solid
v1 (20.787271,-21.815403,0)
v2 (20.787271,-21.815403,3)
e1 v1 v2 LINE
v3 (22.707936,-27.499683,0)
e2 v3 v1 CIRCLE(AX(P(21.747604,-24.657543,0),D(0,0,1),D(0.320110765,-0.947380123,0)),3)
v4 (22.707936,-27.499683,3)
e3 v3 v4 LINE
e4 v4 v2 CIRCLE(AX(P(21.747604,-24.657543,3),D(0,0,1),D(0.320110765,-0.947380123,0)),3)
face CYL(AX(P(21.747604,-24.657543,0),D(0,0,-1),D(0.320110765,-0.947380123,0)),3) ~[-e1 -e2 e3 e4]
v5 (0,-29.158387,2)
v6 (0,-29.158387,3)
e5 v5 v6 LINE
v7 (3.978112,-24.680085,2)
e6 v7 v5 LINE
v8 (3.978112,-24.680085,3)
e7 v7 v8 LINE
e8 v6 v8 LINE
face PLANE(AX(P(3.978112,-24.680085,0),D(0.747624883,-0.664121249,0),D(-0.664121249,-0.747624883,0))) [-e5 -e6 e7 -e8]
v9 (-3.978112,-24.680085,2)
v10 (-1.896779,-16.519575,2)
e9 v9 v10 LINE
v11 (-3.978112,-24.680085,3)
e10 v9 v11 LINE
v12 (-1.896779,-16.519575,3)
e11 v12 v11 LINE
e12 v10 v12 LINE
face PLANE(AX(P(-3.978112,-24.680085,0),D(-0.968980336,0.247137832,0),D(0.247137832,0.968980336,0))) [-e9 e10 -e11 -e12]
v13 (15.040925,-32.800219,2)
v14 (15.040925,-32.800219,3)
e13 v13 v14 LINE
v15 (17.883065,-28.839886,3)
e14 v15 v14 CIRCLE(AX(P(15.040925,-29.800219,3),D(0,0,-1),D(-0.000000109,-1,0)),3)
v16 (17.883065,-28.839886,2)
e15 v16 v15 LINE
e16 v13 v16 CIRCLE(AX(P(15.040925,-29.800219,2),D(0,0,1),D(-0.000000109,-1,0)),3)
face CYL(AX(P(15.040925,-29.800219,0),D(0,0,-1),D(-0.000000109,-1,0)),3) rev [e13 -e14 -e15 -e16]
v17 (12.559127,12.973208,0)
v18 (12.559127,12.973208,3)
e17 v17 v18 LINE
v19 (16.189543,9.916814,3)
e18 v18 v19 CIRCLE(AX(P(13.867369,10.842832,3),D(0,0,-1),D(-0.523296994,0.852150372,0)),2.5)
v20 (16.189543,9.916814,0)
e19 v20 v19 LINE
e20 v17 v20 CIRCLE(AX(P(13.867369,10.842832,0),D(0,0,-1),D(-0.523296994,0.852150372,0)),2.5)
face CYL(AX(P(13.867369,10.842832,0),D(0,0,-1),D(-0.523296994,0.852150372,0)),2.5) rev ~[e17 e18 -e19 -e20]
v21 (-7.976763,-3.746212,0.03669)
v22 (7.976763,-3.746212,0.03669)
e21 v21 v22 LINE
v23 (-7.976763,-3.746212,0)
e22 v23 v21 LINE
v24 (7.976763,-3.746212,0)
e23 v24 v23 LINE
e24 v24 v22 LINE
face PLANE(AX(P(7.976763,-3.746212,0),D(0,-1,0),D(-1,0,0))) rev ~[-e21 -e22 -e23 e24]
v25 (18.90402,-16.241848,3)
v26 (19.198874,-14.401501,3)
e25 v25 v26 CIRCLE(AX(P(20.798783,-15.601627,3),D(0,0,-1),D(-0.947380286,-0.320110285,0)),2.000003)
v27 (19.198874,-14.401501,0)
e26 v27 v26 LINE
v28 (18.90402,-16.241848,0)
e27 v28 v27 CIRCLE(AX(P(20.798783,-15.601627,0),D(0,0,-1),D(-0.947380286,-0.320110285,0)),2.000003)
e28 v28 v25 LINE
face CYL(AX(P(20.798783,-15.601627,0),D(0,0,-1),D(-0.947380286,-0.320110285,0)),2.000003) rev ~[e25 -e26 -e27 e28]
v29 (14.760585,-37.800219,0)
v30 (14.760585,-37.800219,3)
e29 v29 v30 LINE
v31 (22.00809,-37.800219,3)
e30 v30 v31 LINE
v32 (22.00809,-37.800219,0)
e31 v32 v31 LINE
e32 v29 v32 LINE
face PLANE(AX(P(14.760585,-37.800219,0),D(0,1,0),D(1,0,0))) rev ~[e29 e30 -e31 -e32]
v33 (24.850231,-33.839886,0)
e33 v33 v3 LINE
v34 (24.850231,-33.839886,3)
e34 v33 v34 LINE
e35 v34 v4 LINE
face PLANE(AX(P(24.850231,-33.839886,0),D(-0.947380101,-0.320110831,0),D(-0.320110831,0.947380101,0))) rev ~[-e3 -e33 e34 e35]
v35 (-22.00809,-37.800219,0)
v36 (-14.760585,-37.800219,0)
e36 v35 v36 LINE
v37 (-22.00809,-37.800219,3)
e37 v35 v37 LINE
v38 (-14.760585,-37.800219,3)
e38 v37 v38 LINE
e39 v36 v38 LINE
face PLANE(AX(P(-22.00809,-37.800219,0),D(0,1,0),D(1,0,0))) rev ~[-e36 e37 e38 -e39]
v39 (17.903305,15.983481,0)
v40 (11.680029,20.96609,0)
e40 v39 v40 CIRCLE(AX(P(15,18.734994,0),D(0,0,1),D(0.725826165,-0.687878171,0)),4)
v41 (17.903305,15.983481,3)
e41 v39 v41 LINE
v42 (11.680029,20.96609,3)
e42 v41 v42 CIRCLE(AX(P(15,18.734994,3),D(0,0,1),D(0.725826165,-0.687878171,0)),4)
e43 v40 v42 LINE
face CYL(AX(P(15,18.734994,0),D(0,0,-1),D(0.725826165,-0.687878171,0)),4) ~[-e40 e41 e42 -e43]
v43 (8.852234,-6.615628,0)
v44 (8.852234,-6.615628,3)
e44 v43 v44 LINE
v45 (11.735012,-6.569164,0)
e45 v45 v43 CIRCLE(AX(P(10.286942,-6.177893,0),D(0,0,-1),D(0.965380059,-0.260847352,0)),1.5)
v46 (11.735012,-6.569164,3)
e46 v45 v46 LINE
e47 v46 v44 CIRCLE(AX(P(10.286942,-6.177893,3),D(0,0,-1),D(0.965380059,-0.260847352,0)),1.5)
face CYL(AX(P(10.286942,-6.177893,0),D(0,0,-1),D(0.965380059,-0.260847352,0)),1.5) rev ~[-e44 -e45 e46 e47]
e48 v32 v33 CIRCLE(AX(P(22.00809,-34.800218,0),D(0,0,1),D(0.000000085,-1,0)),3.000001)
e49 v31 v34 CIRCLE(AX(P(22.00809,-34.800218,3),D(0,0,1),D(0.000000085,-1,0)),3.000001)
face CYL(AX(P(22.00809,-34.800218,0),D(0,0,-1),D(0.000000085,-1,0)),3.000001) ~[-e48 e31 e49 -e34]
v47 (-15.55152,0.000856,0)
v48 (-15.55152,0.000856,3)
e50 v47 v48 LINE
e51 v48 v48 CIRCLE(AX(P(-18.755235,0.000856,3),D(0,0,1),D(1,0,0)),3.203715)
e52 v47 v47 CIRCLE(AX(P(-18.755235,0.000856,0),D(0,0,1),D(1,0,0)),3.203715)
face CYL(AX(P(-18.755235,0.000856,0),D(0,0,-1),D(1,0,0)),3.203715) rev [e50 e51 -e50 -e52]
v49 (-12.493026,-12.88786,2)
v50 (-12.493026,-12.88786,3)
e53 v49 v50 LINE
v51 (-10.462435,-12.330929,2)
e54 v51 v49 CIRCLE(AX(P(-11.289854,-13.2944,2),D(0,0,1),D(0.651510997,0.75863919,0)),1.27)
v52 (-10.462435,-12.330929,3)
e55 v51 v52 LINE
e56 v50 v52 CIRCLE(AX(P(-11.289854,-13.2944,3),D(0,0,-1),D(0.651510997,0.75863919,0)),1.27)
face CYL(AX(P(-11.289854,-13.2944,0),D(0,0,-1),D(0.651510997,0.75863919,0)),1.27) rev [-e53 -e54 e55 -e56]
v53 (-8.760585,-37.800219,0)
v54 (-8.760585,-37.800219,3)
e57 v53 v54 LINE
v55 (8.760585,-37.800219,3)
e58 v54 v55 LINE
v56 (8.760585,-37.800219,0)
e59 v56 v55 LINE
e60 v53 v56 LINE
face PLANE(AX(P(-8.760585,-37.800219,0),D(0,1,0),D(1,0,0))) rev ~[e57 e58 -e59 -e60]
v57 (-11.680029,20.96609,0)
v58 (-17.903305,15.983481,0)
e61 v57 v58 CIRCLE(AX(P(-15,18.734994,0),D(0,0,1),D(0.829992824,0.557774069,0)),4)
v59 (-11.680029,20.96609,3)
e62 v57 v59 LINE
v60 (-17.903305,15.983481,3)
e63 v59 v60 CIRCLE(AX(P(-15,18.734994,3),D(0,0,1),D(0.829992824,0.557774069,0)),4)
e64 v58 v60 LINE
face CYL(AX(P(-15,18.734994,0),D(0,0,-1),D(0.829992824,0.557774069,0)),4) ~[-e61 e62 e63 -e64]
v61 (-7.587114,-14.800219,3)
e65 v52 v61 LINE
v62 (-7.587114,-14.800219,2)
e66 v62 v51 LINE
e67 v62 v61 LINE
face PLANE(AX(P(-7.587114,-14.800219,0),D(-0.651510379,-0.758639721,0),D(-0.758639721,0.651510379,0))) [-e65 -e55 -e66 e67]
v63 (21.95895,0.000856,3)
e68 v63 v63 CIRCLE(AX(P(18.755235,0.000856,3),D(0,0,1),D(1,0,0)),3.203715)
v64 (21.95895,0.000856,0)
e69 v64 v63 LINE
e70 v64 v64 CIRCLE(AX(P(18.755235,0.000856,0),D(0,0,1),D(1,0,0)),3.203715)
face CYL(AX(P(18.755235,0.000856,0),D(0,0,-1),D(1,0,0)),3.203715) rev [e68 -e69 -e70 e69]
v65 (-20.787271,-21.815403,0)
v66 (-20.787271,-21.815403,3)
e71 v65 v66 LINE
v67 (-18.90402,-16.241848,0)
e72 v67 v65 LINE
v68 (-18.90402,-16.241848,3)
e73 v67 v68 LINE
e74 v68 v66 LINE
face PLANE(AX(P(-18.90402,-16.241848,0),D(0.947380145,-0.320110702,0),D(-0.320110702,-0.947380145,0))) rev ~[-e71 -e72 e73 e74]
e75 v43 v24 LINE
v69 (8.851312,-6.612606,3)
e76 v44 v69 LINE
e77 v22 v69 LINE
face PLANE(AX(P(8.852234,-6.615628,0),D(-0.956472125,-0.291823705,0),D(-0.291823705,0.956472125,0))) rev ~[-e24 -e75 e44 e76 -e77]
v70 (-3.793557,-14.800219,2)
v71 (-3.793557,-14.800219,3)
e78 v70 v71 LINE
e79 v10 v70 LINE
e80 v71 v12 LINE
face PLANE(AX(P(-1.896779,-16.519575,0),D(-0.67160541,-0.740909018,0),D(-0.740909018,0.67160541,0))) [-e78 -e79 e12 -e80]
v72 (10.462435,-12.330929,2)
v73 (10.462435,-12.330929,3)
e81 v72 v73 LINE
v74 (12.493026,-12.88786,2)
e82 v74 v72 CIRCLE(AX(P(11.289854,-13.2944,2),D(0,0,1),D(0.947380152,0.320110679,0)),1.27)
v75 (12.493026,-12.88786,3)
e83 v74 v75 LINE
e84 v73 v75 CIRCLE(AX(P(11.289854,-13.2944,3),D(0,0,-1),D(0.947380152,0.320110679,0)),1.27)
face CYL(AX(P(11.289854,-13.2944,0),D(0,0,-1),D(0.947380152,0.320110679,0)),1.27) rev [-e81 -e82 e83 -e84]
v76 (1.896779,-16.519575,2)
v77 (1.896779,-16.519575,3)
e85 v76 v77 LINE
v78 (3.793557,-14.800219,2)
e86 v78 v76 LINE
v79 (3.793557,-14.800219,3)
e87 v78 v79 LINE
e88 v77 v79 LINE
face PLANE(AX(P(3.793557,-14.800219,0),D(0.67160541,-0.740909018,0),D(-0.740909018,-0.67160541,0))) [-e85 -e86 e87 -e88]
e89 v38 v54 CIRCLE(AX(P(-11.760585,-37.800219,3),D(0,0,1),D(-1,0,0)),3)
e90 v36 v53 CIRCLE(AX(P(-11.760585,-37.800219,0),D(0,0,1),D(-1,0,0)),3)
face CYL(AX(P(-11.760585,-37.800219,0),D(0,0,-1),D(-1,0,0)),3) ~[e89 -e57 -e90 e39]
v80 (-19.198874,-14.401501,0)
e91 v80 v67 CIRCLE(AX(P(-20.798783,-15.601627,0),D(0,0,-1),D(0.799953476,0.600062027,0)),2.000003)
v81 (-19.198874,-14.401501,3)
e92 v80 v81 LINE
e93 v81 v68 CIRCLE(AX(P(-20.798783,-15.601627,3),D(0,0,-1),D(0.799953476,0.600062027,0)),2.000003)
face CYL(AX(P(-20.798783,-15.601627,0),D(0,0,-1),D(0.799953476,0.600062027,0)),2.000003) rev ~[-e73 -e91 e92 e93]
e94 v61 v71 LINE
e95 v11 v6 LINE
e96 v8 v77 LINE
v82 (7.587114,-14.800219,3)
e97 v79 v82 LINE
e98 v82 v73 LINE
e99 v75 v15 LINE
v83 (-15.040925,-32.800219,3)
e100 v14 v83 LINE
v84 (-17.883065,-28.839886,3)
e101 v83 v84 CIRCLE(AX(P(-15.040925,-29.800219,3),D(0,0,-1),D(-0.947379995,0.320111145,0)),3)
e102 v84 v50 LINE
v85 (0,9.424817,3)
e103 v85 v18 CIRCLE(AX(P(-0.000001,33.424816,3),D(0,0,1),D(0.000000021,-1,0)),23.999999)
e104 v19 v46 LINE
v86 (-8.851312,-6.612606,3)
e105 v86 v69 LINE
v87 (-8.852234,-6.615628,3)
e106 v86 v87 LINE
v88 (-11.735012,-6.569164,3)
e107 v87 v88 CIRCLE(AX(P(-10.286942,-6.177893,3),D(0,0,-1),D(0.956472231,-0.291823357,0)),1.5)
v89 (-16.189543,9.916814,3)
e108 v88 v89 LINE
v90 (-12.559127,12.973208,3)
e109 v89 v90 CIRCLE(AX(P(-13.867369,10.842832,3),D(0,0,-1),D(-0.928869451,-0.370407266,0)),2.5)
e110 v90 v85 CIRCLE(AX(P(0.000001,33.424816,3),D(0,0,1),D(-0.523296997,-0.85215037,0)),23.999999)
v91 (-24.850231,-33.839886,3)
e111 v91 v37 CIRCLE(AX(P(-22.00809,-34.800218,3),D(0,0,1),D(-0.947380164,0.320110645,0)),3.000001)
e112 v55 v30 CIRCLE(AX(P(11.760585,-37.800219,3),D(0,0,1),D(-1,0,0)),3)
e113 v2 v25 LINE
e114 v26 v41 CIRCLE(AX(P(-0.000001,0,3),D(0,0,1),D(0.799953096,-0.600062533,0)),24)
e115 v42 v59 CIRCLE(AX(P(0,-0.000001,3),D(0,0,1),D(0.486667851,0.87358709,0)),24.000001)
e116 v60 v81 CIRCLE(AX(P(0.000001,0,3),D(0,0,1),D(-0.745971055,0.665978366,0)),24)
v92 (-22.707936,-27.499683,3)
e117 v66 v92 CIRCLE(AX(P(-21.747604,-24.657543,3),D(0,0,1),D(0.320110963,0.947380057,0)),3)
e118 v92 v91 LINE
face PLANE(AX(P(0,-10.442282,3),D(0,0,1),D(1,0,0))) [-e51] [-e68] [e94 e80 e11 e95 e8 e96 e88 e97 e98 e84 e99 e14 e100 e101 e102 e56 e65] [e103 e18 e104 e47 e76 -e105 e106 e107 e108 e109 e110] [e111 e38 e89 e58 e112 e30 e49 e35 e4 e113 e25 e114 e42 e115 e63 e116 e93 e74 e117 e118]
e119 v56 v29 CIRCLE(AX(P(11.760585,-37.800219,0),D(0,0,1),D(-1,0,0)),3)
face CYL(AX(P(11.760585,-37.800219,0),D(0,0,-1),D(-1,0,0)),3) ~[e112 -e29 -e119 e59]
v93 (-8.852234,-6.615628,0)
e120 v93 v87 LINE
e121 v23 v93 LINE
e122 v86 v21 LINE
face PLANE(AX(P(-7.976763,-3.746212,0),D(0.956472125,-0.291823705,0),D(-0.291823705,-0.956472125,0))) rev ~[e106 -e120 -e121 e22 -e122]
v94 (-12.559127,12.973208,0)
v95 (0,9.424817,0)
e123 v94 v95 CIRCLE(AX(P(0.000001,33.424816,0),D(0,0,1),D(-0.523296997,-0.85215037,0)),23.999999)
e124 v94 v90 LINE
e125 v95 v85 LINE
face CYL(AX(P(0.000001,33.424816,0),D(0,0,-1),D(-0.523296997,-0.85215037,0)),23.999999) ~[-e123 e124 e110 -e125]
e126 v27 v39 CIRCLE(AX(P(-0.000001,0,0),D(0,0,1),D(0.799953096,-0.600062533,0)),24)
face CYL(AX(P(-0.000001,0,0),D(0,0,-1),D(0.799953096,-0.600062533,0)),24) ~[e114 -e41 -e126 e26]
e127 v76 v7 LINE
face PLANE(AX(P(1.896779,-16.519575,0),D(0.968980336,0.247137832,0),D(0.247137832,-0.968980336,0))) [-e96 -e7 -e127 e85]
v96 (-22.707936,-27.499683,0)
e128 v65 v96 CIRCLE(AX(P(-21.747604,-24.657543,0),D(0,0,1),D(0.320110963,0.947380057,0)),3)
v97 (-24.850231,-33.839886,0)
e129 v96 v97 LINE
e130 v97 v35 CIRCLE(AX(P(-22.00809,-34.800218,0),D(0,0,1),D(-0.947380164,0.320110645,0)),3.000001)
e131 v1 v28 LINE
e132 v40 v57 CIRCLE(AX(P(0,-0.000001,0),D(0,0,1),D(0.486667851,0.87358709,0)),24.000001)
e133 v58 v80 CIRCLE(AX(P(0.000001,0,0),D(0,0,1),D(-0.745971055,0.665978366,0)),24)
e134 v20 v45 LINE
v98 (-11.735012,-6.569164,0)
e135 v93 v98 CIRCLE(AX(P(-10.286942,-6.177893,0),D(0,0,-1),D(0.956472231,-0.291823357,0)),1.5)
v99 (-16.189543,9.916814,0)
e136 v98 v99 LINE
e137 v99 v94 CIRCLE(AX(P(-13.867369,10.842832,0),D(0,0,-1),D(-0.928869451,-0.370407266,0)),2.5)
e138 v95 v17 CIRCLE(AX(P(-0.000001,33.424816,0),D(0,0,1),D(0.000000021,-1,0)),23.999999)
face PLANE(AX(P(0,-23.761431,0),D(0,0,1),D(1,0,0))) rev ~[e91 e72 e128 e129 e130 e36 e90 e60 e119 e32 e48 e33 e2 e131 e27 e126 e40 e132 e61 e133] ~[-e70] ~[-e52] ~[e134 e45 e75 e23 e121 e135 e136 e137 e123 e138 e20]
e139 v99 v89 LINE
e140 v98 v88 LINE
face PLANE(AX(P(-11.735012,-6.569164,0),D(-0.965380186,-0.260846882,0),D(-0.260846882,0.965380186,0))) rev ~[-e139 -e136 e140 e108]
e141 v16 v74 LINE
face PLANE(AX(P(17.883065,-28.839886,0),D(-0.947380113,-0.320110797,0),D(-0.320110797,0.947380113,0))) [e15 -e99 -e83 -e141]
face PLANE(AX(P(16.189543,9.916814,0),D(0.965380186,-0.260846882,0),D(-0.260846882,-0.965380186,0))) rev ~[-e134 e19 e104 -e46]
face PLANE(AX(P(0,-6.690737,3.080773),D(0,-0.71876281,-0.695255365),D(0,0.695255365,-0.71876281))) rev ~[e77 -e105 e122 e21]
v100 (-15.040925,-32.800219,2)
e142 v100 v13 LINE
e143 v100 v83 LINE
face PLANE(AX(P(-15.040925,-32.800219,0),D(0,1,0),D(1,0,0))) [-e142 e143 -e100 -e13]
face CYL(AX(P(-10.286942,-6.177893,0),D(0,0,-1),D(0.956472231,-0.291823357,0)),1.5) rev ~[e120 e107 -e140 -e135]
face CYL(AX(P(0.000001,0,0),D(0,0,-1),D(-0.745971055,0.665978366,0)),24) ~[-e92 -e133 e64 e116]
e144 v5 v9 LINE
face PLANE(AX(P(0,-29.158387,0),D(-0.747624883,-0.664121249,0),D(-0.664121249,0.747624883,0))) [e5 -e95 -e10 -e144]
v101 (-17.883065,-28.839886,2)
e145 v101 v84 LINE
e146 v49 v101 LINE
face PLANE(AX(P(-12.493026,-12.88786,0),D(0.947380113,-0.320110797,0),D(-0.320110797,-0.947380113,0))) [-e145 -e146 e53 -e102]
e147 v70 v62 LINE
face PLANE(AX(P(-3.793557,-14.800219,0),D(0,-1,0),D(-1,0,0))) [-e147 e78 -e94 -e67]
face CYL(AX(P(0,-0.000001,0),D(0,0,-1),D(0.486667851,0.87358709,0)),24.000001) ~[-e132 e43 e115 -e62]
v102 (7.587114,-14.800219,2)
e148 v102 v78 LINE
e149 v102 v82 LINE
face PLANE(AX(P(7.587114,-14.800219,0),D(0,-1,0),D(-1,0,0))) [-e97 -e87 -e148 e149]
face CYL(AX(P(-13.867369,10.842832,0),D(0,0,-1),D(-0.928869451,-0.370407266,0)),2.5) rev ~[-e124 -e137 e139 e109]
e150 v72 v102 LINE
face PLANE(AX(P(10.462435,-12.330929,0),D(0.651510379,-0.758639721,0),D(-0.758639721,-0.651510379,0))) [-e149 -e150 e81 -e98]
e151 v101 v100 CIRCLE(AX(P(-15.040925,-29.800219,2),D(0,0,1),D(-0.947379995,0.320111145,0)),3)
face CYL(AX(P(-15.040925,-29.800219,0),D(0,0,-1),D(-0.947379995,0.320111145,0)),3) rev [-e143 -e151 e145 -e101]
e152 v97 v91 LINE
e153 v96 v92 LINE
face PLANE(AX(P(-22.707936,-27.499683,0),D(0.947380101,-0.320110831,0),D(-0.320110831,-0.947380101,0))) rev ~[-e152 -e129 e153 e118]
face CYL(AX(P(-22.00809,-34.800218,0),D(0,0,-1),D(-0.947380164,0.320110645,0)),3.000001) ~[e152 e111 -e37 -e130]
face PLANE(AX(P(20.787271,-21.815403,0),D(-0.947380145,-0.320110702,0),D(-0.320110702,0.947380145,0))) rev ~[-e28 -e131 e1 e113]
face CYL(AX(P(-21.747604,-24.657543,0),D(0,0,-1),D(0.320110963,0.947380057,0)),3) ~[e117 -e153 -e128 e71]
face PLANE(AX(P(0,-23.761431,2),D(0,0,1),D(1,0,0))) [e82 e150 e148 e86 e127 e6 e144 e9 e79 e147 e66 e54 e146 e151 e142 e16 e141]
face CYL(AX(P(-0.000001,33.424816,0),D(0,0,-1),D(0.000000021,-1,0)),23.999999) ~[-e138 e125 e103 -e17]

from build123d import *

# Parameters (mm, degrees)
F0_R     = 3.203715
F1_DEPTH = 3
F2_DEPTH = 25.4
F3_DEPTH = 2
F5_DEPTH = 10


with BuildPart() as f1:
    # F0 (on Top) → F1 (new body)
    with BuildSketch(Plane.XY):
        with BuildLine():
            ThreePointArc((-11.680029, 20.96609), (-17.5, 21.857493), (-17.903305, 15.983481))
            ThreePointArc((-17.903305, 15.983481), (-23.978213, 1.022394), (-19.198874, -14.401501))
            ThreePointArc((-19.198874, -14.401501), (-18.823966, -15.285228), (-18.90402, -16.241848))
            Line((-18.90402, -16.241848), (-20.787271, -21.815403))
            ThreePointArc((-20.787271, -21.815403), (-24.589744, -23.697211), (-22.707936, -27.499683))
            Line((-22.707936, -27.499683), (-24.850231, -33.839886))
            ThreePointArc((-24.850231, -33.839886), (-24.445404, -36.549362), (-22.00809, -37.800219))
            Line((-22.00809, -37.800219), (-14.760585, -37.800219))
            ThreePointArc((-14.760585, -37.800219), (-11.760585, -40.800219), (-8.760585, -37.800219))
            Line((-8.760585, -37.800219), (8.760585, -37.800219))
            ThreePointArc((8.760585, -37.800219), (11.760585, -40.800219), (14.760585, -37.800219))
            Line((14.760585, -37.800219), (22.00809, -37.800219))
            ThreePointArc((22.00809, -37.800219), (24.445404, -36.549362), (24.850231, -33.839886))
            Line((24.850231, -33.839886), (22.707936, -27.499683))
            ThreePointArc((22.707936, -27.499683), (24.589744, -23.697211), (20.787271, -21.815403))
            Line((20.787271, -21.815403), (18.90402, -16.241848))
            ThreePointArc((18.90402, -16.241848), (18.823966, -15.285228), (19.198874, -14.401501))
            ThreePointArc((19.198874, -14.401501), (23.978213, 1.022394), (17.903305, 15.983481))
            ThreePointArc((17.903305, 15.983481), (17.5, 21.857493), (11.680029, 20.96609))
            ThreePointArc((11.680029, 20.96609), (0, 24), (-11.680029, 20.96609))
        make_face()
        with BuildLine():
            Line((0, -32.800219), (-15.040925, -32.800219))
            ThreePointArc((-15.040925, -32.800219), (-17.478239, -31.549362), (-17.883065, -28.839886))
            Line((-17.883065, -28.839886), (-12.493026, -12.88786))
            ThreePointArc((-12.493026, -12.88786), (-11.625772, -12.069632), (-10.462435, -12.330929))
            Line((-10.462435, -12.330929), (-7.587114, -14.800219))
            Line((-7.587114, -14.800219), (-3.793557, -14.800219))
            Line((-3.793557, -14.800219), (0, -14.800219))
            Line((0, -14.800219), (3.793557, -14.800219))
            Line((3.793557, -14.800219), (7.587114, -14.800219))
            Line((7.587114, -14.800219), (10.462435, -12.330929))
            ThreePointArc((10.462435, -12.330929), (11.625772, -12.069632), (12.493026, -12.88786))
            Line((12.493026, -12.88786), (17.883065, -28.839886))
            ThreePointArc((17.883065, -28.839886), (17.478239, -31.549362), (15.040925, -32.800219))
            Line((15.040925, -32.800219), (0, -32.800219))
        make_face(mode=Mode.SUBTRACT)
        with Locations((-18.755235, 0.000856)):
            Circle(F0_R, mode=Mode.SUBTRACT)
        with BuildLine():
            ThreePointArc((0, 9.424817), (6.525388, 10.328945), (12.559127, 12.973208))
            ThreePointArc((12.559127, 12.973208), (15.477463, 12.755317), (16.189543, 9.916814))
            Line((16.189543, 9.916814), (11.735012, -6.569164))
            ThreePointArc((11.735012, -6.569164), (10.311116, -7.677698), (8.852234, -6.615628))
            Line((8.852234, -6.615628), (-8.852234, -6.615628))
            ThreePointArc((-8.852234, -6.615628), (-10.311116, -7.677698), (-11.735012, -6.569164))
            Line((-11.735012, -6.569164), (-16.189543, 9.916814))
            ThreePointArc((-16.189543, 9.916814), (-15.477463, 12.755317), (-12.559127, 12.973208))
            ThreePointArc((-12.559127, 12.973208), (-6.525388, 10.328945), (0, 9.424817))
        make_face(mode=Mode.SUBTRACT)
        with Locations((18.755235, 0.000856)):
            Circle(F0_R, mode=Mode.SUBTRACT)
        with BuildLine():
            ThreePointArc((-17.883065, -28.839886), (-17.478239, -31.549362), (-15.040925, -32.800219))
            Line((-15.040925, -32.800219), (0, -32.800219))
            Line((0, -32.800219), (15.040925, -32.800219))
            ThreePointArc((15.040925, -32.800219), (17.478239, -31.549362), (17.883065, -28.839886))
            Line((17.883065, -28.839886), (12.493026, -12.88786))
            ThreePointArc((12.493026, -12.88786), (11.625772, -12.069632), (10.462435, -12.330929))
            Line((10.462435, -12.330929), (7.587114, -14.800219))
            Line((7.587114, -14.800219), (3.793557, -14.800219))
            Line((3.793557, -14.800219), (1.896779, -16.519575))
            Line((1.896779, -16.519575), (3.978112, -24.680085))
            Line((3.978112, -24.680085), (0, -29.158387))
            Line((0, -29.158387), (-3.978112, -24.680085))
            Line((-3.978112, -24.680085), (-1.896779, -16.519575))
            Line((-1.896779, -16.519575), (-3.793557, -14.800219))
            Line((-3.793557, -14.800219), (-7.587114, -14.800219))
            Line((-7.587114, -14.800219), (-10.462435, -12.330929))
            ThreePointArc((-10.462435, -12.330929), (-11.625772, -12.069632), (-12.493026, -12.88786))
            Line((-12.493026, -12.88786), (-17.883065, -28.839886))
        make_face()
        Polygon((0, -18.238932), (-1.896779, -16.519575), (-3.978112, -24.680085), (0, -29.158387), (3.978112, -24.680085), (1.896779, -16.519575), align=None)
        Polygon((0, -14.800219), (-3.793557, -14.800219), (-1.896779, -16.519575), (0, -18.238932), (1.896779, -16.519575), (3.793557, -14.800219), align=None)
        Polygon((-8.852234, -6.615628), (8.852234, -6.615628), (7.976763, -3.746212), (0, -3.746212), (-7.976763, -3.746212), align=None)
    extrude(amount=F1_DEPTH)

    # F0 (on Top) → F2 (cut)
    with BuildSketch(Plane.XY):
        with BuildLine():
            ThreePointArc((-17.883065, -28.839886), (-17.478239, -31.549362), (-15.040925, -32.800219))
            Line((-15.040925, -32.800219), (0, -32.800219))
            Line((0, -32.800219), (15.040925, -32.800219))
            ThreePointArc((15.040925, -32.800219), (17.478239, -31.549362), (17.883065, -28.839886))
            Line((17.883065, -28.839886), (12.493026, -12.88786))
            ThreePointArc((12.493026, -12.88786), (11.625772, -12.069632), (10.462435, -12.330929))
            Line((10.462435, -12.330929), (7.587114, -14.800219))
            Line((7.587114, -14.800219), (3.793557, -14.800219))
            Line((3.793557, -14.800219), (1.896779, -16.519575))
            Line((1.896779, -16.519575), (3.978112, -24.680085))
            Line((3.978112, -24.680085), (0, -29.158387))
            Line((0, -29.158387), (-3.978112, -24.680085))
            Line((-3.978112, -24.680085), (-1.896779, -16.519575))
            Line((-1.896779, -16.519575), (-3.793557, -14.800219))
            Line((-3.793557, -14.800219), (-7.587114, -14.800219))
            Line((-7.587114, -14.800219), (-10.462435, -12.330929))
            ThreePointArc((-10.462435, -12.330929), (-11.625772, -12.069632), (-12.493026, -12.88786))
            Line((-12.493026, -12.88786), (-17.883065, -28.839886))
        make_face()
    extrude(amount=F2_DEPTH, mode=Mode.SUBTRACT)

    # F0 (on Top) → F3 (join)
    with BuildSketch(Plane.XY):
        with BuildLine():
            ThreePointArc((-17.883065, -28.839886), (-17.478239, -31.549362), (-15.040925, -32.800219))
            Line((-15.040925, -32.800219), (0, -32.800219))
            Line((0, -32.800219), (15.040925, -32.800219))
            ThreePointArc((15.040925, -32.800219), (17.478239, -31.549362), (17.883065, -28.839886))
            Line((17.883065, -28.839886), (12.493026, -12.88786))
            ThreePointArc((12.493026, -12.88786), (11.625772, -12.069632), (10.462435, -12.330929))
            Line((10.462435, -12.330929), (7.587114, -14.800219))
            Line((7.587114, -14.800219), (3.793557, -14.800219))
            Line((3.793557, -14.800219), (1.896779, -16.519575))
            Line((1.896779, -16.519575), (3.978112, -24.680085))
            Line((3.978112, -24.680085), (0, -29.158387))
            Line((0, -29.158387), (-3.978112, -24.680085))
            Line((-3.978112, -24.680085), (-1.896779, -16.519575))
            Line((-1.896779, -16.519575), (-3.793557, -14.800219))
            Line((-3.793557, -14.800219), (-7.587114, -14.800219))
            Line((-7.587114, -14.800219), (-10.462435, -12.330929))
            ThreePointArc((-10.462435, -12.330929), (-11.625772, -12.069632), (-12.493026, -12.88786))
            Line((-12.493026, -12.88786), (-17.883065, -28.839886))
        make_face()
    extrude(amount=F3_DEPTH)

    # F4 (on Right) → F5 (cut, symmetric)
    with BuildSketch(Plane.YZ):
        Polygon((-3.716471, 3.089604), (-6.690737, 3.080773), (-3.710722, 0), align=None)
    extrude(amount=F5_DEPTH, both=True, mode=Mode.SUBTRACT)


solid = f1.part
